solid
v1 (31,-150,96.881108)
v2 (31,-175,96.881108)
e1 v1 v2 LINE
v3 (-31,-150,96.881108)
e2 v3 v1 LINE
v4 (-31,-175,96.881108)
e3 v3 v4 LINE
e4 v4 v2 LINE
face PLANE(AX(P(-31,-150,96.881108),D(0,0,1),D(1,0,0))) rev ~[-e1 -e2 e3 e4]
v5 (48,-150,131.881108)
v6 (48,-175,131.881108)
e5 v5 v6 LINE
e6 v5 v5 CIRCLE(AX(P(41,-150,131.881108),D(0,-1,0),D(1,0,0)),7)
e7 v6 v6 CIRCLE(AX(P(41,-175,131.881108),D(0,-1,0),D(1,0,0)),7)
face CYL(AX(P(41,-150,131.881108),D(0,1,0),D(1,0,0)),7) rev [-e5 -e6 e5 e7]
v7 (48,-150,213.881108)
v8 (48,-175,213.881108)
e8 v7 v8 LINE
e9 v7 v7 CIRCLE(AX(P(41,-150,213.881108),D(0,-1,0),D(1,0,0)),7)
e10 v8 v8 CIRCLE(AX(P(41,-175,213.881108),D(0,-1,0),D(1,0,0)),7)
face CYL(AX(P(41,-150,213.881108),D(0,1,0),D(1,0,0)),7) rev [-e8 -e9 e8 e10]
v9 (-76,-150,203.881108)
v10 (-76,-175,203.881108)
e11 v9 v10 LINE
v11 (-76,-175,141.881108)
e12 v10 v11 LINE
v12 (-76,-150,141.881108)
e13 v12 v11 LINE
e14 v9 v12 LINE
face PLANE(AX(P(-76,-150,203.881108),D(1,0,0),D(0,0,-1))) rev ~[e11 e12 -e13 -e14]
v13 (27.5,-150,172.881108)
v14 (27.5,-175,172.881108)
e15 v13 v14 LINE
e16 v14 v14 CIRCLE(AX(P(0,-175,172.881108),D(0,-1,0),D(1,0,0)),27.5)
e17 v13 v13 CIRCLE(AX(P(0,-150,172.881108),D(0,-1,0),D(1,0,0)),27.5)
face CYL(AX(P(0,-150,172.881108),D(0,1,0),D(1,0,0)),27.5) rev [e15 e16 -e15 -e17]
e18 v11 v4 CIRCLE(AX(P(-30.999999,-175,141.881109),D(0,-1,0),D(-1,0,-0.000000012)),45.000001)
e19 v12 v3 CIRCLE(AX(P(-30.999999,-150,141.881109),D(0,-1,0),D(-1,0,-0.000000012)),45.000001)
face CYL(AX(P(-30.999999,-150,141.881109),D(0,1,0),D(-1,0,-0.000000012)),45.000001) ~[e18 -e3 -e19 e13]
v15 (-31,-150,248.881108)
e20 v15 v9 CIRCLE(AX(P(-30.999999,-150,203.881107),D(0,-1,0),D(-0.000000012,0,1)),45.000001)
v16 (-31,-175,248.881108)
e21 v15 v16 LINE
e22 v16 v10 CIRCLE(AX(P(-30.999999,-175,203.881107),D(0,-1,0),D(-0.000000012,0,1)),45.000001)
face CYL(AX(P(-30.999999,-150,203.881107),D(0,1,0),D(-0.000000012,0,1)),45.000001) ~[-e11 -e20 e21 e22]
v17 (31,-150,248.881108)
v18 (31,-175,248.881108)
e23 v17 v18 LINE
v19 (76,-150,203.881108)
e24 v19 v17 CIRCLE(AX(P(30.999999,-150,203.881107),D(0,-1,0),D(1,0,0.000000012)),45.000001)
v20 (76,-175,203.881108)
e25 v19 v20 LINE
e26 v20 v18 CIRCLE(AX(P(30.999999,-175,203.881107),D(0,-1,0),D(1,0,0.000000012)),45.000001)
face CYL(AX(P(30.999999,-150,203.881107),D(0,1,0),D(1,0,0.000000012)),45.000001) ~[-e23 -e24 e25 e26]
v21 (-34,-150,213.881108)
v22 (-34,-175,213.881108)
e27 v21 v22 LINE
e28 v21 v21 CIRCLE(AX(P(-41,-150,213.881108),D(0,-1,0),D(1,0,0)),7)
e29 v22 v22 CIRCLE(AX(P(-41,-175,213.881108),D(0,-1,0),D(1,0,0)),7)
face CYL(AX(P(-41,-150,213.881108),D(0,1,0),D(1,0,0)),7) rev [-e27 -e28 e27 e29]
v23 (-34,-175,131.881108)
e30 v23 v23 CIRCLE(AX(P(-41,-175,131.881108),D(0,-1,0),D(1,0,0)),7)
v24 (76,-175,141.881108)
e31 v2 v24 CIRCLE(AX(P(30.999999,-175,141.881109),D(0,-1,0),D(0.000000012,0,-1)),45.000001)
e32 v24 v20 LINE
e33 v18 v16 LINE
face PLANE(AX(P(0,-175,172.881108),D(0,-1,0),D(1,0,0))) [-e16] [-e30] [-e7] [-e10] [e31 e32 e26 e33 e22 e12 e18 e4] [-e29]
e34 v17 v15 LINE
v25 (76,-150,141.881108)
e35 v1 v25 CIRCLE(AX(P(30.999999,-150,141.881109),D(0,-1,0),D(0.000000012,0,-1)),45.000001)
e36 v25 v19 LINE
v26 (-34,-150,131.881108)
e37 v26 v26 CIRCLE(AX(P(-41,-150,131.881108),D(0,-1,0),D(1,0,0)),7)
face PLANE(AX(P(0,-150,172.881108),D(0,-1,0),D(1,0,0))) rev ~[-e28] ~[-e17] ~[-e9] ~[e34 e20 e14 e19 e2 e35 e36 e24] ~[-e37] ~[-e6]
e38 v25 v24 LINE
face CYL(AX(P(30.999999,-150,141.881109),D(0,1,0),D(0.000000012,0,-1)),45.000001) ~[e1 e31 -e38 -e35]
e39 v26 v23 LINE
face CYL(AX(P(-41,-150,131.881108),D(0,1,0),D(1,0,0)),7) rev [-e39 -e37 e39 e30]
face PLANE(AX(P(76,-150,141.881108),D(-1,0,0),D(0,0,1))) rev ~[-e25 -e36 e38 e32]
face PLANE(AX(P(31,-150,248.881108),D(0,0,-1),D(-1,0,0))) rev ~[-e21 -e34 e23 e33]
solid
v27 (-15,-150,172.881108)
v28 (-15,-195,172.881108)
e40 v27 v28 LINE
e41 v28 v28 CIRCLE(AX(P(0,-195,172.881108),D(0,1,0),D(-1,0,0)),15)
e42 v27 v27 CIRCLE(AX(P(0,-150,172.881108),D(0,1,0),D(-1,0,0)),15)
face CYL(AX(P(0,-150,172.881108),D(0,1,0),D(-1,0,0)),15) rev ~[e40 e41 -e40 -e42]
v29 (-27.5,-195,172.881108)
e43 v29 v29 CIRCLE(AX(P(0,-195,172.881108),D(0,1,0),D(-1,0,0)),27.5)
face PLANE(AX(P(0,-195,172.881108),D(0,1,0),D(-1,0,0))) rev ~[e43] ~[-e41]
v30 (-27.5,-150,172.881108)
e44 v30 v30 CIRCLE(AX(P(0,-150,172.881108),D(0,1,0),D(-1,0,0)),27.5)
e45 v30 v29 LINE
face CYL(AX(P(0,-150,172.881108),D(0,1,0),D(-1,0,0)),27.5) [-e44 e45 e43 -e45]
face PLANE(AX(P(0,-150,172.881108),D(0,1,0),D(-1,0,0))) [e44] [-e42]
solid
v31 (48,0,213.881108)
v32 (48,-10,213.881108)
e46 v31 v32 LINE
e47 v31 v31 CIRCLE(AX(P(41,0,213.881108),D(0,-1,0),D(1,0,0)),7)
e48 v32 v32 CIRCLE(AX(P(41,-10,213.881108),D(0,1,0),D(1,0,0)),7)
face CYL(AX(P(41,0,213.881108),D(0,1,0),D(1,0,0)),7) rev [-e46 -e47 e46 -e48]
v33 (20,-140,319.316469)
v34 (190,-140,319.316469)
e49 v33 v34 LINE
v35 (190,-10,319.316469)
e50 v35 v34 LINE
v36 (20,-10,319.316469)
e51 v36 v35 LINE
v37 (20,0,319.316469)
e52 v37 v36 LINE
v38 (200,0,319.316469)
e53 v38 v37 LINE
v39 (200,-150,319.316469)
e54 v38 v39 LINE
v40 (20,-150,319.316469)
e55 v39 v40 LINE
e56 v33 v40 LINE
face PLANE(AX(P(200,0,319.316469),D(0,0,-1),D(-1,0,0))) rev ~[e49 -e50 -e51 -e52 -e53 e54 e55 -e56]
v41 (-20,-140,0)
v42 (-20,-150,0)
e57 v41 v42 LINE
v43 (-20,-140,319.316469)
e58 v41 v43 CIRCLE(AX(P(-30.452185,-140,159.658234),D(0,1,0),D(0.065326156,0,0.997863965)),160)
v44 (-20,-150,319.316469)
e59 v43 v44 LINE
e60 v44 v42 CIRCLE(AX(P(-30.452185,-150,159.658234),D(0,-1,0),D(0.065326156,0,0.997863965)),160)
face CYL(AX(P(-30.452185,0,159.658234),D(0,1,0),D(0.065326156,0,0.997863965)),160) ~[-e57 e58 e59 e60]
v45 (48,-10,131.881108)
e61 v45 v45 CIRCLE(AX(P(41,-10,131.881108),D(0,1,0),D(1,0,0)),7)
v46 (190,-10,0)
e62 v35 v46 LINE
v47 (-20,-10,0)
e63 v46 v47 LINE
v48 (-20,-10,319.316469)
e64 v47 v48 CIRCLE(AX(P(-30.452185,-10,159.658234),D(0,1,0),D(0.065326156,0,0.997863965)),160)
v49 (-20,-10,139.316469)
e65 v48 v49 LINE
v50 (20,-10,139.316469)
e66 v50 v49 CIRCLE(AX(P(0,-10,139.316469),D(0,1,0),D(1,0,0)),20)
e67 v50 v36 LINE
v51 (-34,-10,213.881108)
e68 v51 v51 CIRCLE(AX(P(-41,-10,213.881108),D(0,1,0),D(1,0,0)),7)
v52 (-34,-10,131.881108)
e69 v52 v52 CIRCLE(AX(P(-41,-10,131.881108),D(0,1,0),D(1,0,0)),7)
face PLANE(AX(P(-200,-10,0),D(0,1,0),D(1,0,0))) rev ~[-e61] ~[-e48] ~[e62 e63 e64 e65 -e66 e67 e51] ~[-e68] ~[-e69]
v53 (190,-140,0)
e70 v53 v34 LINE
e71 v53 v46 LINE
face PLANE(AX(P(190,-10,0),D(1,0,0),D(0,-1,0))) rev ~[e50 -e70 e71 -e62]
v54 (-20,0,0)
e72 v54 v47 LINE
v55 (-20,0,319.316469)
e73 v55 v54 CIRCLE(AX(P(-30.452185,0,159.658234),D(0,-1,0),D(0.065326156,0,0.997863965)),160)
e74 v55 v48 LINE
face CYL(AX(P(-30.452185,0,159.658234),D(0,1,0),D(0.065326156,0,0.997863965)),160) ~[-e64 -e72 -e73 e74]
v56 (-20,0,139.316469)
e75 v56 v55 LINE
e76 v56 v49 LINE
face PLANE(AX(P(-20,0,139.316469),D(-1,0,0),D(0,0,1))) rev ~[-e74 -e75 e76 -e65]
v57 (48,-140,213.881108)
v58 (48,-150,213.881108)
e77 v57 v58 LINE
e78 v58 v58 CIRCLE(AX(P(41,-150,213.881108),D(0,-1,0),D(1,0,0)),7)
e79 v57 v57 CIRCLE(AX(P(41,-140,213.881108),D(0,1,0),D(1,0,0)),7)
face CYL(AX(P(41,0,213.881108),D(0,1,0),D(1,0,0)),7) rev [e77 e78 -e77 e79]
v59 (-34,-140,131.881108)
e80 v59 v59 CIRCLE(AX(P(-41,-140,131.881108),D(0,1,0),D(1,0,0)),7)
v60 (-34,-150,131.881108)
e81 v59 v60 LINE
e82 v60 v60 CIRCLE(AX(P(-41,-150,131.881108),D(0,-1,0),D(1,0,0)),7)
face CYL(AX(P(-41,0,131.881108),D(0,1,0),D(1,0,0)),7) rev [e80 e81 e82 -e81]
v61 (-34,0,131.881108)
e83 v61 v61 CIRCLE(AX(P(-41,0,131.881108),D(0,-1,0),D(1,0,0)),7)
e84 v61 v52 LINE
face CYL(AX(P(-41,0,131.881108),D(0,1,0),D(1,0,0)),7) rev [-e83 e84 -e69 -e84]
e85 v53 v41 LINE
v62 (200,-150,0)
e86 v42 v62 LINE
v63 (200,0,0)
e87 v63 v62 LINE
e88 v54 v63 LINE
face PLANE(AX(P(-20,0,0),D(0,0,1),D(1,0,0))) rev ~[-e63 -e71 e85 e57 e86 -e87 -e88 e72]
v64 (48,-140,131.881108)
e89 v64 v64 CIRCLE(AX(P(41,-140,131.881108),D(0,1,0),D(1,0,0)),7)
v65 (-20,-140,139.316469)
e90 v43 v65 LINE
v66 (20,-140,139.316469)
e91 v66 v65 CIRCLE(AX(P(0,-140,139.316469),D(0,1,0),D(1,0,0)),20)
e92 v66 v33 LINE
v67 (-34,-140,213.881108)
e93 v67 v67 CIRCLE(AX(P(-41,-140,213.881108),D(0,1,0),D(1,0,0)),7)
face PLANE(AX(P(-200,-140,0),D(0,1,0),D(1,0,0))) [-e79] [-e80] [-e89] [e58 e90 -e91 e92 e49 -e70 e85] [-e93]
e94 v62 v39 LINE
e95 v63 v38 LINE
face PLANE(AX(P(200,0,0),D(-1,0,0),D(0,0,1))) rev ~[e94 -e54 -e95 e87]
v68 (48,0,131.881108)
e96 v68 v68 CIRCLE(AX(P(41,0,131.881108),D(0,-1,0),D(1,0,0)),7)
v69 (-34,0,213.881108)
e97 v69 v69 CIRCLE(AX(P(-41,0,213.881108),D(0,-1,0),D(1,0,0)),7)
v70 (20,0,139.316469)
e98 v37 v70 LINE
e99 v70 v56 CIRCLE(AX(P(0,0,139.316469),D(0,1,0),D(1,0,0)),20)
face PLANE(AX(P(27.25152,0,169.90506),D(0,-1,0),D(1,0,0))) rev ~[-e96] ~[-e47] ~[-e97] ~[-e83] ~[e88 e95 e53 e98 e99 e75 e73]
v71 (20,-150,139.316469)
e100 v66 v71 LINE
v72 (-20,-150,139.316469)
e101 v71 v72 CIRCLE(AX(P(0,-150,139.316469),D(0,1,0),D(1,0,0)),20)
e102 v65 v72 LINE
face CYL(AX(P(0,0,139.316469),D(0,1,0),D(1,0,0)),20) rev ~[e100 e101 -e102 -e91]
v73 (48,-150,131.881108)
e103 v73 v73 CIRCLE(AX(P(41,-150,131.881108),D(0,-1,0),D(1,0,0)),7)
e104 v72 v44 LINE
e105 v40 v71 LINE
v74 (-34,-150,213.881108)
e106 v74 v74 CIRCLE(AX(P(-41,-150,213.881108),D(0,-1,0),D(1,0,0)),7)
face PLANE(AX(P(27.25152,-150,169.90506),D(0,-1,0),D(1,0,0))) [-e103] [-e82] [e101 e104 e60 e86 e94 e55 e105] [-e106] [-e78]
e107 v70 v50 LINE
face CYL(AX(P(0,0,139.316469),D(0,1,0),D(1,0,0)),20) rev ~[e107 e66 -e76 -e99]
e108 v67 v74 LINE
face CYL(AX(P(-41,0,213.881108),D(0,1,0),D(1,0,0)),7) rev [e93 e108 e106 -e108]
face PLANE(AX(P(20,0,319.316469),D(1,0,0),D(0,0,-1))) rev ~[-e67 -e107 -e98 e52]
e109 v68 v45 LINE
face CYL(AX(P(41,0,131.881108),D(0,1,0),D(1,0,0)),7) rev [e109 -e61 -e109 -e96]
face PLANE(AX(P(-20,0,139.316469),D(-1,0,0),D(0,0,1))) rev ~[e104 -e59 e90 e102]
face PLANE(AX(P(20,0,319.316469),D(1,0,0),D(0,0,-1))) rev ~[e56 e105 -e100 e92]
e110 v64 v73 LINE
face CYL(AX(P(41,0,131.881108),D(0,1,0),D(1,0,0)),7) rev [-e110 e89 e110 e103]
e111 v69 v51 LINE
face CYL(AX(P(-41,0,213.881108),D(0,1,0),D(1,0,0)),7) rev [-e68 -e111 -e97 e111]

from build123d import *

# Parameters (mm, degrees)
F0_R     = 7
F1_DEPTH = 150
F2_W     = 390
F2_H     = 130
F3_DEPTH = 5000
F4_R     = 7
F4_R_2   = 27.5
F5_DEPTH = 25
F6_R     = 27.5
F6_R_2   = 15
F7_DEPTH = 45


with BuildPart() as f1:
    # F0 (on Front) → F1 (new body)
    with BuildSketch(Plane.XZ):
        with BuildLine():
            Line((200, 319.316469), (20, 319.316469))
            Line((20, 319.316469), (20, 139.316469))
            ThreePointArc((20, 139.316469), (0, 119.316469), (-20, 139.316469))
            Line((-20, 139.316469), (-20, 319.316469))
            ThreePointArc((-20, 319.316469), (-190.452185, 159.658234), (-20, 0))
            Line((-20, 0), (200, 0))
            Line((200, 0), (200, 319.316469))
        make_face()
        with Locations((-41, 131.881108)):
            Circle(F0_R, mode=Mode.SUBTRACT)
        with Locations((41, 131.881108)):
            Circle(F0_R, mode=Mode.SUBTRACT)
        with Locations((-41, 213.881108)):
            Circle(F0_R, mode=Mode.SUBTRACT)
        with Locations((41, 213.881108)):
            Circle(F0_R, mode=Mode.SUBTRACT)
    extrude(amount=F1_DEPTH)

    # F2 (on face) → F3 (cut, symmetric)
    with BuildSketch(Plane(origin=(0, 0, 0), x_dir=(1, 0, 0), z_dir=(0, 0, -1))):
        with Locations((-5, 75)):
            Rectangle(F2_W, F2_H)
    extrude(amount=F3_DEPTH, both=True, mode=Mode.SUBTRACT)


with BuildPart() as f5:
    # F4 (on face) → F5 (new body)
    with BuildSketch(Plane.XZ.offset(150)):
        with BuildLine():
            ThreePointArc((-76, 141.881108), (-62.819805, 110.061303), (-31, 96.881108))
            Line((-31, 96.881108), (31, 96.881108))
            ThreePointArc((31, 96.881108), (62.819805, 110.061303), (76, 141.881108))
            Line((76, 141.881108), (76, 203.881108))
            ThreePointArc((76, 203.881108), (62.819805, 235.700913), (31, 248.881108))
            Line((31, 248.881108), (-31, 248.881108))
            ThreePointArc((-31, 248.881108), (-62.819805, 235.700913), (-76, 203.881108))
            Line((-76, 203.881108), (-76, 141.881108))
        make_face()
        with Locations((-41, 131.881108)):
            Circle(F4_R, mode=Mode.SUBTRACT)
        with Locations((41, 131.881108)):
            Circle(F4_R, mode=Mode.SUBTRACT)
        with Locations((-41, 213.881108)):
            Circle(F4_R, mode=Mode.SUBTRACT)
        with Locations((0, 172.881108)):
            Circle(F4_R_2, mode=Mode.SUBTRACT)
        with Locations((41, 213.881108)):
            Circle(F4_R, mode=Mode.SUBTRACT)
    extrude(amount=F5_DEPTH)


with BuildPart() as f7:
    # F6 (on face) → F7 (new body)
    with BuildSketch(Plane(origin=(0, -150, 0), x_dir=(-1, 0, 0), z_dir=(0, 1, 0))):
        with Locations((0, 172.881108)):
            Circle(F6_R)
        with Locations((0, 172.881108)):
            Circle(F6_R_2, mode=Mode.SUBTRACT)
    extrude(amount=-F7_DEPTH)


solid = Compound([f1.part, f5.part, f7.part])
